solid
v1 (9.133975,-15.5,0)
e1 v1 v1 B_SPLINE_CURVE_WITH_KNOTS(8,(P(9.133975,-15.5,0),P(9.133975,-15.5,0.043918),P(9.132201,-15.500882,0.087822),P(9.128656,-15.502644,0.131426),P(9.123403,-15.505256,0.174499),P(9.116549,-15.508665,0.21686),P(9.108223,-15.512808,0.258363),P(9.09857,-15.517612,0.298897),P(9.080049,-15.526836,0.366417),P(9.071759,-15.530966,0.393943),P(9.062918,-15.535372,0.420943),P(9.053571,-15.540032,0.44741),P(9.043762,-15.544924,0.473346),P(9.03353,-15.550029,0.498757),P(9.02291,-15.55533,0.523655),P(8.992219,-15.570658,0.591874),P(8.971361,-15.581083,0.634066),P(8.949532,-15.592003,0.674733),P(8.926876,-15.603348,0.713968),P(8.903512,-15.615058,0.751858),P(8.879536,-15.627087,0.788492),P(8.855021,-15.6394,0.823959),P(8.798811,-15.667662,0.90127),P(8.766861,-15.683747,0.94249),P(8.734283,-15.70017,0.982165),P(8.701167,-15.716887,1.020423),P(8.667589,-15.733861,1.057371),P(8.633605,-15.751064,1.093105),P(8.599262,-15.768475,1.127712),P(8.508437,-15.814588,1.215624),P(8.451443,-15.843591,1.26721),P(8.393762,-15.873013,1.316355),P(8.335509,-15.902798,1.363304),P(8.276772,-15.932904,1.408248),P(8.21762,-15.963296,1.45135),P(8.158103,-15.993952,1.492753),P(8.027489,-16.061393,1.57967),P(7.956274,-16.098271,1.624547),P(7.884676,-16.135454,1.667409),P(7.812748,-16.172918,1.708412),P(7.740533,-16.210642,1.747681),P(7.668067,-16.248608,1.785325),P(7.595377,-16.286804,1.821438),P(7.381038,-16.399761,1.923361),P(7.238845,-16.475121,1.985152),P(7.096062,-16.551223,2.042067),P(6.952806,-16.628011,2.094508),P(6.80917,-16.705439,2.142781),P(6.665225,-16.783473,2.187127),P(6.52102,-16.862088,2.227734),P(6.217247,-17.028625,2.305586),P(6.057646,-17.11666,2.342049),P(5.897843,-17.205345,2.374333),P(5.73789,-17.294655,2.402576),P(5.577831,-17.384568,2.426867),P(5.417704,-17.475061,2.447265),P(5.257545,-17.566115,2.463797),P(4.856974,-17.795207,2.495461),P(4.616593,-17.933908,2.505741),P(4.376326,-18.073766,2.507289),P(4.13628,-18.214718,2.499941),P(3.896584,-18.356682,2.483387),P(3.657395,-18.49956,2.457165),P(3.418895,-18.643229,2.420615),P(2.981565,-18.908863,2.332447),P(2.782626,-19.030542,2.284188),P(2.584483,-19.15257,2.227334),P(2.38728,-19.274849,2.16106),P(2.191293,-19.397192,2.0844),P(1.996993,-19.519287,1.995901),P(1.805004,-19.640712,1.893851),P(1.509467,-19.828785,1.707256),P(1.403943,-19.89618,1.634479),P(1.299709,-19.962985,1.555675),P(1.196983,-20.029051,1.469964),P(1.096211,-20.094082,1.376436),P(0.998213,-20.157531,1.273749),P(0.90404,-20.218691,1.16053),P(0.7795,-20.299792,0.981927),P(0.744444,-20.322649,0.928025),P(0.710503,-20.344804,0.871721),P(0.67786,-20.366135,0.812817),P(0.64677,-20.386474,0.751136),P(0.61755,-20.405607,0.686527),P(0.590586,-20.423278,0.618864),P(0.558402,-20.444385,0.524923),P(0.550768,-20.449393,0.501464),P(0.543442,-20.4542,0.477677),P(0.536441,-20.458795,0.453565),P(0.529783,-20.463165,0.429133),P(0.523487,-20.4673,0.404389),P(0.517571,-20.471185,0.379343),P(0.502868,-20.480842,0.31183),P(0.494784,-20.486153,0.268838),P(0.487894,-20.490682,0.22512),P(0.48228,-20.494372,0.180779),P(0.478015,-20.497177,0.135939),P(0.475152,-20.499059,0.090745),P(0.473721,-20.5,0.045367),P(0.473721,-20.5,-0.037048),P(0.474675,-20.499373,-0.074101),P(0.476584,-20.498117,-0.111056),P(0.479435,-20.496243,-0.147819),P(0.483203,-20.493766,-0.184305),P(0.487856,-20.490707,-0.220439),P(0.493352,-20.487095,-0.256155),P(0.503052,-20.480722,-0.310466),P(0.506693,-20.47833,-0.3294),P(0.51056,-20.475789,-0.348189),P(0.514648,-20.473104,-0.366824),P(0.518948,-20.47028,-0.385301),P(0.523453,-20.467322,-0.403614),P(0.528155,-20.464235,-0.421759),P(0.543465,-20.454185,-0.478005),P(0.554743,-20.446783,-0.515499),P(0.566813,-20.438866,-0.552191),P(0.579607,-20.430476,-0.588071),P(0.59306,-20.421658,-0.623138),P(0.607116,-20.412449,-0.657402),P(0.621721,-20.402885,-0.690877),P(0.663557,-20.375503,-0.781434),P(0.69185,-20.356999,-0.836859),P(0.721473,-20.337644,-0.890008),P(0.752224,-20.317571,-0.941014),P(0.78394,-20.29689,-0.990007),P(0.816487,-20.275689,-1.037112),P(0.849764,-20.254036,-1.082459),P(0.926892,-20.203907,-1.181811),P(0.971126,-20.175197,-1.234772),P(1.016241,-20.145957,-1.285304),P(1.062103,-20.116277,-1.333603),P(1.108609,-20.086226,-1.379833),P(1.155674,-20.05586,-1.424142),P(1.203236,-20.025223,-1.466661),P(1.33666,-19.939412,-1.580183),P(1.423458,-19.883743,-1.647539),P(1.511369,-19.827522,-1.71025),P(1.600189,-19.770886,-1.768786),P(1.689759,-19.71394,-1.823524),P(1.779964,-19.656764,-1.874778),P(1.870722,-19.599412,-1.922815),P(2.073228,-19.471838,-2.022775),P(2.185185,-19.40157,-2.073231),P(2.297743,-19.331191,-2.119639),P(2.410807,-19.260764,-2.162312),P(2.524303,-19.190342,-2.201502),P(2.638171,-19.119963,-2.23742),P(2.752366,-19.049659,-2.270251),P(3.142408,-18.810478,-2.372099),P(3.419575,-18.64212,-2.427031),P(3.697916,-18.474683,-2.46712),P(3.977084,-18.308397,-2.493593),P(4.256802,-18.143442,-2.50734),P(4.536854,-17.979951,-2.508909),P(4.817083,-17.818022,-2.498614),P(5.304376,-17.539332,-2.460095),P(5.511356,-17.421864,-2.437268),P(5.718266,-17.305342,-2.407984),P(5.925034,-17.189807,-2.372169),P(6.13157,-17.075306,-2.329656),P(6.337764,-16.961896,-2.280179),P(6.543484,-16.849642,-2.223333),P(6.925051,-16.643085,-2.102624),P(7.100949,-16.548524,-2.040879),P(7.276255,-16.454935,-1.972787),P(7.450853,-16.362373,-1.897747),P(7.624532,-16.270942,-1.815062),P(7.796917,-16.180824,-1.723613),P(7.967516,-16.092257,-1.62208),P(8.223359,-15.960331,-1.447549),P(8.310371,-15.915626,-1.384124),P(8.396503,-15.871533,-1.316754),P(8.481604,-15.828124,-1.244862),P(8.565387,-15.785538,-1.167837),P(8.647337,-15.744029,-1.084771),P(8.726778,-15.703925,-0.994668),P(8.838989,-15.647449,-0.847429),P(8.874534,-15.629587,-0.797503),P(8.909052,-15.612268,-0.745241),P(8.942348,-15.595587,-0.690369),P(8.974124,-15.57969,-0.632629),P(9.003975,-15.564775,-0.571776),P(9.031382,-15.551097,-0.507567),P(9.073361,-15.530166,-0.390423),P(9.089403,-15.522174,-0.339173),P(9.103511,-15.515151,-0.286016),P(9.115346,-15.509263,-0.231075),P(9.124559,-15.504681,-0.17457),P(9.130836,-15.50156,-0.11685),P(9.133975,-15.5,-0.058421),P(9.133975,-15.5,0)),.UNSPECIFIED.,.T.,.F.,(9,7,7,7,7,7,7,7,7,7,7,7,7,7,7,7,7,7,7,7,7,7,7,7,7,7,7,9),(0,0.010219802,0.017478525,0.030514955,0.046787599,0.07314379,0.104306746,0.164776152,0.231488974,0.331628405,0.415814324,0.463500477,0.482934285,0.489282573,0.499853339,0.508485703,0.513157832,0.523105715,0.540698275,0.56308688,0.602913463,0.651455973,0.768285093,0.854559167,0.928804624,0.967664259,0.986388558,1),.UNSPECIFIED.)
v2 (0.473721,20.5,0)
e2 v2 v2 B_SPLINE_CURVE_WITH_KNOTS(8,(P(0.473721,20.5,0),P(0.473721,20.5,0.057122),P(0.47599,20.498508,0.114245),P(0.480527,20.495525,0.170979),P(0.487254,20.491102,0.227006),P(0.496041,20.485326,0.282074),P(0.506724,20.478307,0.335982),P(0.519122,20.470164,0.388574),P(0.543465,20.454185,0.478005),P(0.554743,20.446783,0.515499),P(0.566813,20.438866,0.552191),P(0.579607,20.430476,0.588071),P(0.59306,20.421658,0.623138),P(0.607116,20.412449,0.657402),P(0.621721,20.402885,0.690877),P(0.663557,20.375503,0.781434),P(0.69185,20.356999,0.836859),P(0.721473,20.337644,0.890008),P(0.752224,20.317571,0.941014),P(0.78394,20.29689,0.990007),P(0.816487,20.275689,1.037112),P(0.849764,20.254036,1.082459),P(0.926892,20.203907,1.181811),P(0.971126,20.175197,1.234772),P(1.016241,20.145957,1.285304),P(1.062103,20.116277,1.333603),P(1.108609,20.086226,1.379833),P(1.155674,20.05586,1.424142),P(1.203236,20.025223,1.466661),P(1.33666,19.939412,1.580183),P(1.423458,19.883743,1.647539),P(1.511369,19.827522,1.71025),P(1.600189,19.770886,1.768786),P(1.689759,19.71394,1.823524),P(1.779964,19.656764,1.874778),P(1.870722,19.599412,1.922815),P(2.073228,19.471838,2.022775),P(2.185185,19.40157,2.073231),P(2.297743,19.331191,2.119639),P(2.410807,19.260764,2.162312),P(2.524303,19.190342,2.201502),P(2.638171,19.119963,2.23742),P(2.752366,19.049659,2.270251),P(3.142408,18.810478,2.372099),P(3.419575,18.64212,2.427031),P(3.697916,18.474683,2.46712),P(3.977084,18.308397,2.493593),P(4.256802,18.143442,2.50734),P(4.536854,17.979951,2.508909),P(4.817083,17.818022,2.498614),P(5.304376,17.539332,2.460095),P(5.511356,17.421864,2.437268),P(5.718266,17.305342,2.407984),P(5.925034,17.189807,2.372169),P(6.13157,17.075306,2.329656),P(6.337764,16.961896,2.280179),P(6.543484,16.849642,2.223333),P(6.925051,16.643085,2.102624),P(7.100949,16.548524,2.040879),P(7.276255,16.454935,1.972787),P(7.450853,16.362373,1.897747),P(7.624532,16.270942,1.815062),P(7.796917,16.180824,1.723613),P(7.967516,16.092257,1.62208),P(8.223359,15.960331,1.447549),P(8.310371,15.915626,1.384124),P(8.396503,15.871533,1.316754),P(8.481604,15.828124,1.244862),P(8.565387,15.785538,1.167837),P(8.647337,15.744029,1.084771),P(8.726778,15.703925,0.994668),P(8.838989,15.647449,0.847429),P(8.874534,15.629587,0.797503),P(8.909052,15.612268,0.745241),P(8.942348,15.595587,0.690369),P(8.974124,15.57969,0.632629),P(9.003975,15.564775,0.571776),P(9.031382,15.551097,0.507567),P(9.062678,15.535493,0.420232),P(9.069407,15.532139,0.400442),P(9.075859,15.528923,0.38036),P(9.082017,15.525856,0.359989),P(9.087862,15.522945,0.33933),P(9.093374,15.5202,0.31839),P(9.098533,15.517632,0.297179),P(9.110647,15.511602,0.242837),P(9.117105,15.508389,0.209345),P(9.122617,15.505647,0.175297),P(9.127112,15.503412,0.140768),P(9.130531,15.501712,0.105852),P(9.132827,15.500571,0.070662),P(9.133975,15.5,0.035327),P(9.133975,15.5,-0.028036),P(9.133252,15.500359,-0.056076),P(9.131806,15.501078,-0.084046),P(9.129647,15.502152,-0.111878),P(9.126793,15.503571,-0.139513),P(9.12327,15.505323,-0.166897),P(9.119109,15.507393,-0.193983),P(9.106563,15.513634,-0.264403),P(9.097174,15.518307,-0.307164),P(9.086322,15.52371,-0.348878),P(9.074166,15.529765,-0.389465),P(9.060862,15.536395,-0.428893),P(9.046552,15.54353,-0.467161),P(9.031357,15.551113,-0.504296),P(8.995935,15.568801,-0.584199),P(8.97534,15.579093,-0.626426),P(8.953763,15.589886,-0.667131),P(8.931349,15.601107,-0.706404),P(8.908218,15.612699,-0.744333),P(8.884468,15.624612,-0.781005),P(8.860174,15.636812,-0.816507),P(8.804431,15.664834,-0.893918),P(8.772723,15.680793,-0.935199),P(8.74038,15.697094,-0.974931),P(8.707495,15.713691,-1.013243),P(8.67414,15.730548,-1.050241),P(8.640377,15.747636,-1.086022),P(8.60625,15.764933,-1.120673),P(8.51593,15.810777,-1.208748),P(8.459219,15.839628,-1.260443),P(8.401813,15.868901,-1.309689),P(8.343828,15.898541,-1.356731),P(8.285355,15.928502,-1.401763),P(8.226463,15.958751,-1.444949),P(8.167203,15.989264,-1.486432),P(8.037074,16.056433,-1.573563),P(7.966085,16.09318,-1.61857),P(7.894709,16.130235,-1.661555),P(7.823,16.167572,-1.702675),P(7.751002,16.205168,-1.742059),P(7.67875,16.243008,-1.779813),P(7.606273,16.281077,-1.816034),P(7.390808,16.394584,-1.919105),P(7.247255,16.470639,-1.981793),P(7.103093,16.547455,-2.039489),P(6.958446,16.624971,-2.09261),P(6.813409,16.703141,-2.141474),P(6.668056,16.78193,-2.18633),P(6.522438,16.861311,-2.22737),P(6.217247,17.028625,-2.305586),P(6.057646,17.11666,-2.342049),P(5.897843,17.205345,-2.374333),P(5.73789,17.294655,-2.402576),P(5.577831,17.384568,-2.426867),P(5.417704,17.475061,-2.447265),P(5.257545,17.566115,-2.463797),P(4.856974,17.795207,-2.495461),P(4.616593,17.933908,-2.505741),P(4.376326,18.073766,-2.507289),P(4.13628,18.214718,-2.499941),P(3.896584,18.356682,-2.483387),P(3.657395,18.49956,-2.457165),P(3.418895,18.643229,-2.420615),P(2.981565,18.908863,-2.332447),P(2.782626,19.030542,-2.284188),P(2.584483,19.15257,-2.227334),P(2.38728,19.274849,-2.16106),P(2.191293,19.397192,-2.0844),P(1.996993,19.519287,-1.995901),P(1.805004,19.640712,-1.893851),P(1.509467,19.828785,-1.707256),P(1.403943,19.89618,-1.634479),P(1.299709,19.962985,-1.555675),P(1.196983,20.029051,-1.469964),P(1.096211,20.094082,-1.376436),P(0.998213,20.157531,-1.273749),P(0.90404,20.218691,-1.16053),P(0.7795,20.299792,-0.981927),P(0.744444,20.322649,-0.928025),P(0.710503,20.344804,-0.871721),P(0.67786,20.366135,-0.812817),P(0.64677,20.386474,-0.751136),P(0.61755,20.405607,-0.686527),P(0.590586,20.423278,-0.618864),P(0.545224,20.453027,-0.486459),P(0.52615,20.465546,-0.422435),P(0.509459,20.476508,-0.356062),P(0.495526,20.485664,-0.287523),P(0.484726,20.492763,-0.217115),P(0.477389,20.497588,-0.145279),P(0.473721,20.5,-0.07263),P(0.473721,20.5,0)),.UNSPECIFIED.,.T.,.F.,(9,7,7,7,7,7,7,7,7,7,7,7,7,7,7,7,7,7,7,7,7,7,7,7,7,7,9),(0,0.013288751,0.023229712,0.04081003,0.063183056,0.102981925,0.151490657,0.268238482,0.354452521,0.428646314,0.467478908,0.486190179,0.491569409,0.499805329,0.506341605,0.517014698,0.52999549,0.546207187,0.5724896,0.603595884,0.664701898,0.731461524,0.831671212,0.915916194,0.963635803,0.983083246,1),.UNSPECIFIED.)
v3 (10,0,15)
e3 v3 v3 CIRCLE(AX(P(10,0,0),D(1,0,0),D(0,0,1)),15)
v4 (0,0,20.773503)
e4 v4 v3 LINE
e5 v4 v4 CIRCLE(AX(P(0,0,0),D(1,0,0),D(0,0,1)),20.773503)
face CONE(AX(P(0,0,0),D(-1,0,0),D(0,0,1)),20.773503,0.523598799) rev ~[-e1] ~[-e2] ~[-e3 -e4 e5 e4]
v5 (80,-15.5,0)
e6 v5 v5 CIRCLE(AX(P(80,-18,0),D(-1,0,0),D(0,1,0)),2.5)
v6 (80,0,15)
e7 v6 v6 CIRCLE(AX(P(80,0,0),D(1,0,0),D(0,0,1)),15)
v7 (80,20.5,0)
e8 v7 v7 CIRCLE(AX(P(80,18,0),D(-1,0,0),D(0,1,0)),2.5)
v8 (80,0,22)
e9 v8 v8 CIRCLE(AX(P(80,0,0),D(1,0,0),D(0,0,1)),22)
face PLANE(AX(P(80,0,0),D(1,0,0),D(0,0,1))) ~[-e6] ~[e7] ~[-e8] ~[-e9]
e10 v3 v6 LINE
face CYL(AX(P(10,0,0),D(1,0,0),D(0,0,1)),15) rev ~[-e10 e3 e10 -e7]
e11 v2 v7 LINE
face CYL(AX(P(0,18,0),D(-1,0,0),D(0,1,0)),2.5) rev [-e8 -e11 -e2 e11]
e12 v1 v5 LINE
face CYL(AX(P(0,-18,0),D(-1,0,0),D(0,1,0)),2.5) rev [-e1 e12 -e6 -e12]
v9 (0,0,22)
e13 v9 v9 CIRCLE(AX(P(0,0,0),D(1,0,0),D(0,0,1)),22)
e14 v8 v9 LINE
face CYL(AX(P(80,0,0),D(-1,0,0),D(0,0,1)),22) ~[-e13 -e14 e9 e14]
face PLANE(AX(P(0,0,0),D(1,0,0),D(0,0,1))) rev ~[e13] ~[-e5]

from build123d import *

# Parameters (mm, degrees)
F2_R     = 2.5
F3_DEPTH = 80.001


with BuildPart() as f1:
    # F0 (on Front) → F1 (revolve)
    with BuildSketch(Plane.XZ):
        Polygon((80, 22), (0, 22), (0, 20.773503), (10, 15), (80, 15), align=None)
    revolve(axis=Axis((81.875134, 0, 0), (1, 0, 0)))

    # F2 (on Right) → F3 (cut, through all)
    with BuildSketch(Plane.YZ):
        with Locations((18, 0)):
            Circle(F2_R)
        with Locations((-18, 0)):
            Circle(F2_R)
    extrude(amount=F3_DEPTH, mode=Mode.SUBTRACT)


solid = f1.part
